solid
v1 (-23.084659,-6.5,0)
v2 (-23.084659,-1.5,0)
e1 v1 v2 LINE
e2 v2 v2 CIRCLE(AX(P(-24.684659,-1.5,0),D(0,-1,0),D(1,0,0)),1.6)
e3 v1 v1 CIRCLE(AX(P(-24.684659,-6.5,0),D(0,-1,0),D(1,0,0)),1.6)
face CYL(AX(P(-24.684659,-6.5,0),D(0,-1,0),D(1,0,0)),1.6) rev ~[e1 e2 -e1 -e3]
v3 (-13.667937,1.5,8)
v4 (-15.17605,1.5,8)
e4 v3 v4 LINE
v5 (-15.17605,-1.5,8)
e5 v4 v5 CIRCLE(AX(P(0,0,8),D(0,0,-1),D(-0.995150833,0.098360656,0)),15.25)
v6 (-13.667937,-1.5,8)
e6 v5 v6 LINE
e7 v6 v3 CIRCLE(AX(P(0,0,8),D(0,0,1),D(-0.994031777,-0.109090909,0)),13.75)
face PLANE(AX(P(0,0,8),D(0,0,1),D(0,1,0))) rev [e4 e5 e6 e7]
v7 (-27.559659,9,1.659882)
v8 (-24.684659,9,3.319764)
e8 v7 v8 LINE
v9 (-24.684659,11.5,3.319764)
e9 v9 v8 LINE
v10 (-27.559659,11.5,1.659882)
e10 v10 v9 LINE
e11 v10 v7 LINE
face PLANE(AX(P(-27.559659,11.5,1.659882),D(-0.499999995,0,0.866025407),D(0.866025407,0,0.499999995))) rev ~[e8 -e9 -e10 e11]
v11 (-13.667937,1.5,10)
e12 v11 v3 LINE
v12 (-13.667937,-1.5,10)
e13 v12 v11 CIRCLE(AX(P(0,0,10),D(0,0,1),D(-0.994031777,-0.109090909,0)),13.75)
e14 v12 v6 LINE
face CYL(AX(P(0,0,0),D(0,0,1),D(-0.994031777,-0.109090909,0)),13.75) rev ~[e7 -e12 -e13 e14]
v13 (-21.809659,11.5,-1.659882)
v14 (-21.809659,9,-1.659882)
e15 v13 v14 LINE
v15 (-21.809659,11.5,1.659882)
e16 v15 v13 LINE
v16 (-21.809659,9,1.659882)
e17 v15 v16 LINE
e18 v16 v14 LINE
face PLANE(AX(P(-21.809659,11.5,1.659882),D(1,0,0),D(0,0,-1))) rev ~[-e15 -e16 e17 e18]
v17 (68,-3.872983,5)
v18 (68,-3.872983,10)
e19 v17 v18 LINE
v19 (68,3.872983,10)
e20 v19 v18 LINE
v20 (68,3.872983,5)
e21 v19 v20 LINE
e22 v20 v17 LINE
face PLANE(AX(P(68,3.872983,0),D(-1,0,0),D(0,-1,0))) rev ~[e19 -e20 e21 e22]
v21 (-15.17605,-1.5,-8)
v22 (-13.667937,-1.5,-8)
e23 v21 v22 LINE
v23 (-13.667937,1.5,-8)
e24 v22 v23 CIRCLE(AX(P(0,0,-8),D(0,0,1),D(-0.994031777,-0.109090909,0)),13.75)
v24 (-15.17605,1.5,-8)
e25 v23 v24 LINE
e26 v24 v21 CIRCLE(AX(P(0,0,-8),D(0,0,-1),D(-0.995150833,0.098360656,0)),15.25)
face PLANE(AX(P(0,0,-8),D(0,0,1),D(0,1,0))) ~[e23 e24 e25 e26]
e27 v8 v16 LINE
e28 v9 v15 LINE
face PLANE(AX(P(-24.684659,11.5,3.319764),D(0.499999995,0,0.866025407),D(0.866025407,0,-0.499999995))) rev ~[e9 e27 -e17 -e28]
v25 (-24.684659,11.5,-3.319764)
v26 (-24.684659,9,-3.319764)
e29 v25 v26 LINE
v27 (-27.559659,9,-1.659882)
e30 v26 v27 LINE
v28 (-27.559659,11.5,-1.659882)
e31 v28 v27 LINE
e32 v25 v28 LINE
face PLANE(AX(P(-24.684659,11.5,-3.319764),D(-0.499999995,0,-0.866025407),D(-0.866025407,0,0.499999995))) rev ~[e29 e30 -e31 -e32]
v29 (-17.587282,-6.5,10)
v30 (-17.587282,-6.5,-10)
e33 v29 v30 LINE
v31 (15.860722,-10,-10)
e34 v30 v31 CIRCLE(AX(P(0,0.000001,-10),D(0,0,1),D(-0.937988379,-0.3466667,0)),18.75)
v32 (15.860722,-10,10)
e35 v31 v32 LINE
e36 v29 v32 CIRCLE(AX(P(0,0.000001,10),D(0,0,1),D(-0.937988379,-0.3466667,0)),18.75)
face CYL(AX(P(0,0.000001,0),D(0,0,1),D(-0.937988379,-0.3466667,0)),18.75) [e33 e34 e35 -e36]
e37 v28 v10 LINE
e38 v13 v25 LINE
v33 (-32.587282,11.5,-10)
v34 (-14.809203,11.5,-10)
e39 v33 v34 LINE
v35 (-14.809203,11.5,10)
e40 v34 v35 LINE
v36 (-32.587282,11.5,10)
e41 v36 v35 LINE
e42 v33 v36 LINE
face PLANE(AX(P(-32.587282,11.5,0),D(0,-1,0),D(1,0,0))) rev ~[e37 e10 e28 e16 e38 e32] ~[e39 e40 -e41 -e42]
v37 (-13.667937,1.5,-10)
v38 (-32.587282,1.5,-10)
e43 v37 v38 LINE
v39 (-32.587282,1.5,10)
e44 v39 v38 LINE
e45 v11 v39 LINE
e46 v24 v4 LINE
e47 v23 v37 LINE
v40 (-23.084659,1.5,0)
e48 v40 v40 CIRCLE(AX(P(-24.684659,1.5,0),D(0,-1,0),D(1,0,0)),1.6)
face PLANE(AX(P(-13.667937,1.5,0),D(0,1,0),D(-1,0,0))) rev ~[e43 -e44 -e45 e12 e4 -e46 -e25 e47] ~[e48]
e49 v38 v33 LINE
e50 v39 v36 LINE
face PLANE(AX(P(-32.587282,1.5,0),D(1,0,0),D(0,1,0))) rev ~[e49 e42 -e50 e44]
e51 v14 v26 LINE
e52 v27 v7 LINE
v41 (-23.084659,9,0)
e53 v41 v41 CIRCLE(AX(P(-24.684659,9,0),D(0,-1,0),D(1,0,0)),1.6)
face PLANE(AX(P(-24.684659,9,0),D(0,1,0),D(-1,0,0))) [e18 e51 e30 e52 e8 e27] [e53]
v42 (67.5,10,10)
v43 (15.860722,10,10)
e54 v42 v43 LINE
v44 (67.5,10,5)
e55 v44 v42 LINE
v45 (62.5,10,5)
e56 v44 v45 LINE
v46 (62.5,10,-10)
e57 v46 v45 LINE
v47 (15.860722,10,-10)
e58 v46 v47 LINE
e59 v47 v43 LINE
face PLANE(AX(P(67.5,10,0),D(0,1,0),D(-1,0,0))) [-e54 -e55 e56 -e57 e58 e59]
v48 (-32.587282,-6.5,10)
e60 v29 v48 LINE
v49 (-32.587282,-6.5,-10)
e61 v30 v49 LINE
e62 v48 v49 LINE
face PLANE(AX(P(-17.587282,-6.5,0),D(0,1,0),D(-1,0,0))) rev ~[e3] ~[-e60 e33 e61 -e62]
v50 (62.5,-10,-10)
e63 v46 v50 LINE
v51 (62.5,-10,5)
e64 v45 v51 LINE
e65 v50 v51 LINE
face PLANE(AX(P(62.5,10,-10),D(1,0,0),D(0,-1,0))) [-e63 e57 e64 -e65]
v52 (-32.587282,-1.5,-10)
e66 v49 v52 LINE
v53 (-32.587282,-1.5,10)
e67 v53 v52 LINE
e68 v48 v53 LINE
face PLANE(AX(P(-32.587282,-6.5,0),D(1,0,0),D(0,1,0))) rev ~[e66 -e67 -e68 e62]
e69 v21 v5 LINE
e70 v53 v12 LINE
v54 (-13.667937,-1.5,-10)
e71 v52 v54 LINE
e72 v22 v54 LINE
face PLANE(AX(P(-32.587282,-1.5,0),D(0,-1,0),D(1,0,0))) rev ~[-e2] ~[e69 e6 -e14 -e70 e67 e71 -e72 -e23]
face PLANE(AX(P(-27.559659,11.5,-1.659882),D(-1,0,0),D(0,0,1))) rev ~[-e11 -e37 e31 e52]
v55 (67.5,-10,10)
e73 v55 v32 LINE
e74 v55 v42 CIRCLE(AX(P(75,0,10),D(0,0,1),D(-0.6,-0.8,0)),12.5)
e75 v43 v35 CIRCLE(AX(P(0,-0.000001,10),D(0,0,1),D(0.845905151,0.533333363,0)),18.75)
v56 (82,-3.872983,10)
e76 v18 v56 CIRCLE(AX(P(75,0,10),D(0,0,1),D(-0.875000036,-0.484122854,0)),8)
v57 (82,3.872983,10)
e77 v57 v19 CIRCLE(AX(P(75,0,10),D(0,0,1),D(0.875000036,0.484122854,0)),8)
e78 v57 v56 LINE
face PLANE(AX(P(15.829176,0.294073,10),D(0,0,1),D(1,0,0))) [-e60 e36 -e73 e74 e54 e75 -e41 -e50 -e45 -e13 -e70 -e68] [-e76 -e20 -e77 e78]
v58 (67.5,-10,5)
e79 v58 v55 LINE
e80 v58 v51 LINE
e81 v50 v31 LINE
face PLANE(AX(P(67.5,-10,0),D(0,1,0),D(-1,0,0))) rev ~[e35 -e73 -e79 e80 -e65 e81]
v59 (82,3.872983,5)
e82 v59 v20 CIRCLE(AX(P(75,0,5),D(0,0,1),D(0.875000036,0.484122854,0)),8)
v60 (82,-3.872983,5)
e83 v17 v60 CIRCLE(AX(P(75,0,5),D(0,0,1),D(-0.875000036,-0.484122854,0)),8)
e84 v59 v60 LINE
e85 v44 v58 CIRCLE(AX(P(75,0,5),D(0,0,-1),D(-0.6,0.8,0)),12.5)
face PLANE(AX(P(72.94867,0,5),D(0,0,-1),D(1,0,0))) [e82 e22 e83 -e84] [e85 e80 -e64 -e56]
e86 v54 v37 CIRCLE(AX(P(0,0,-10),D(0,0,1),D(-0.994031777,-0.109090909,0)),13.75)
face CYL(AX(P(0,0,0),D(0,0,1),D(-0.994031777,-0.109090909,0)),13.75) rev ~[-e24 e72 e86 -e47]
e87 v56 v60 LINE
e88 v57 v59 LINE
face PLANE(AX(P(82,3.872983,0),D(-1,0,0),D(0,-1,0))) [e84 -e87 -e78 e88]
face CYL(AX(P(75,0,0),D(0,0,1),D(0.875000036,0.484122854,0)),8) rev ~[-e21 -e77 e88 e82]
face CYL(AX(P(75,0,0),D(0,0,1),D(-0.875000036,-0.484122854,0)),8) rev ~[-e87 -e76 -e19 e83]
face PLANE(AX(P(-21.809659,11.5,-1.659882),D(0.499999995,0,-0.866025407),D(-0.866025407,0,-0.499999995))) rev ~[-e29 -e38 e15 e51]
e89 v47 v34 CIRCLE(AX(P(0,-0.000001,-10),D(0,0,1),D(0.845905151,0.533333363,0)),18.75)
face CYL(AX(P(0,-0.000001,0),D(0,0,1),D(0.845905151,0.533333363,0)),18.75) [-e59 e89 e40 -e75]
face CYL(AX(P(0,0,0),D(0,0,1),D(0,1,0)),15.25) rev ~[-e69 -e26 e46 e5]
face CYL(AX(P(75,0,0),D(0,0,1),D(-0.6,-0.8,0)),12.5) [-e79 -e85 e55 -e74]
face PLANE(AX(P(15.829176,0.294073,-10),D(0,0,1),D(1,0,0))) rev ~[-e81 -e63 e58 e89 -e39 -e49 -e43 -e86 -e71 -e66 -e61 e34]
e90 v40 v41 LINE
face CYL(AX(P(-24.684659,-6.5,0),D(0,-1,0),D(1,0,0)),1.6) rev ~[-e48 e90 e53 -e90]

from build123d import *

# Parameters (mm, degrees)
PAD_DEPTH       = 10
SKETCH001_R     = 1.6
POCKET_DEPTH    = 25.251
POCKET002_DEPTH = 5
SKETCH005_W     = 15.25
SKETCH005_H     = 16
POCKET003_DEPTH = 15
POCKET004_DEPTH = 2.5


with BuildPart() as part:
    # Sketch → Pad (new body, symmetric)
    with BuildSketch(Plane.XY):
        with BuildLine():
            ThreePointArc((-17.587282, -6.5), (-1.951346, -18.648183), (15.860722, -10))
            Line((67.5, -10), (15.860722, -10))
            ThreePointArc((67.5, -10), (87.5, 0), (67.5, 10))
            Line((67.5, 10), (15.860722, 10))
            ThreePointArc((15.860722, 10), (0.915927, 18.727615), (-14.809203, 11.5))
            Line((-32.587282, 11.5), (-14.809203, 11.5))
            Line((-32.587282, 1.5), (-32.587282, 11.5))
            Line((-13.667937, 1.5), (-32.587282, 1.5))
            ThreePointArc((-13.667937, -1.5), (13.75, 0), (-13.667937, 1.5))
            Line((-32.587282, -1.5), (-13.667937, -1.5))
            Line((-32.587282, -6.5), (-32.587282, -1.5))
            Line((-17.587282, -6.5), (-32.587282, -6.5))
        make_face()
        with BuildLine():
            ThreePointArc((68, -3.872983), (75, -8), (82, -3.872983))
            Line((82, 3.872983), (82, -3.872983))
            ThreePointArc((82, 3.872983), (75, 8), (68, 3.872983))
            Line((68, 3.872983), (68, -3.872983))
        make_face(mode=Mode.SUBTRACT)
    extrude(amount=PAD_DEPTH, both=True)

    # Sketch001 (on Face1 of Pad) → Pocket (cut, through all)
    with BuildSketch(Plane.XZ.offset(6.5)):
        with Locations((-24.684659, 0)):
            Circle(SKETCH001_R)
    extrude(amount=-POCKET_DEPTH, mode=Mode.SUBTRACT)

    # Sketch003 → Pocket002 (cut)
    with BuildSketch(Plane.XZ.offset(12.5)):
        Polygon((100.061388, 3.464102), (97.061388, 1.732051), (97.061388, -1.732051), (100.061388, -3.464102), (103.061388, -1.732051), (103.061388, 1.732051), align=None)
    extrude(amount=-POCKET002_DEPTH, mode=Mode.SUBTRACT)

    # Sketch005 → Groove (revolve, cut)
    with BuildSketch(Plane.YZ):
        with Locations((7.625, 0)):
            Rectangle(SKETCH005_W, SKETCH005_H)
    revolve(axis=Axis((0, 0, 0), (0, 0, 1)), mode=Mode.SUBTRACT)

    # Sketch006 (on Face3 of Groove) → Pocket003 (cut)
    with BuildSketch(Plane(origin=(0, 0, -10), x_dir=(1, 0, 0), z_dir=(0, 0, -1))):
        with BuildLine():
            ThreePointArc((67.5, -10), (87.5, 0), (67.5, 10))
            Line((67.5, 10), (62.5, 10))
            Line((62.5, -10), (62.5, 10))
            Line((67.5, -10), (62.5, -10))
        make_face()
    extrude(amount=-POCKET003_DEPTH, mode=Mode.SUBTRACT)

    # Sketch007 (on Face12 of Pocket003) → Pocket004 (cut)
    with BuildSketch(Plane(origin=(0, 11.5, 0), x_dir=(-1, 0, 0), z_dir=(0, 1, 0))):
        Polygon((24.684659, 3.319764), (21.809659, 1.659882), (21.809659, -1.659882), (24.684659, -3.319764), (27.559659, -1.659882), (27.559659, 1.659882), align=None)
    extrude(amount=-POCKET004_DEPTH, mode=Mode.SUBTRACT)


solid = part.part
